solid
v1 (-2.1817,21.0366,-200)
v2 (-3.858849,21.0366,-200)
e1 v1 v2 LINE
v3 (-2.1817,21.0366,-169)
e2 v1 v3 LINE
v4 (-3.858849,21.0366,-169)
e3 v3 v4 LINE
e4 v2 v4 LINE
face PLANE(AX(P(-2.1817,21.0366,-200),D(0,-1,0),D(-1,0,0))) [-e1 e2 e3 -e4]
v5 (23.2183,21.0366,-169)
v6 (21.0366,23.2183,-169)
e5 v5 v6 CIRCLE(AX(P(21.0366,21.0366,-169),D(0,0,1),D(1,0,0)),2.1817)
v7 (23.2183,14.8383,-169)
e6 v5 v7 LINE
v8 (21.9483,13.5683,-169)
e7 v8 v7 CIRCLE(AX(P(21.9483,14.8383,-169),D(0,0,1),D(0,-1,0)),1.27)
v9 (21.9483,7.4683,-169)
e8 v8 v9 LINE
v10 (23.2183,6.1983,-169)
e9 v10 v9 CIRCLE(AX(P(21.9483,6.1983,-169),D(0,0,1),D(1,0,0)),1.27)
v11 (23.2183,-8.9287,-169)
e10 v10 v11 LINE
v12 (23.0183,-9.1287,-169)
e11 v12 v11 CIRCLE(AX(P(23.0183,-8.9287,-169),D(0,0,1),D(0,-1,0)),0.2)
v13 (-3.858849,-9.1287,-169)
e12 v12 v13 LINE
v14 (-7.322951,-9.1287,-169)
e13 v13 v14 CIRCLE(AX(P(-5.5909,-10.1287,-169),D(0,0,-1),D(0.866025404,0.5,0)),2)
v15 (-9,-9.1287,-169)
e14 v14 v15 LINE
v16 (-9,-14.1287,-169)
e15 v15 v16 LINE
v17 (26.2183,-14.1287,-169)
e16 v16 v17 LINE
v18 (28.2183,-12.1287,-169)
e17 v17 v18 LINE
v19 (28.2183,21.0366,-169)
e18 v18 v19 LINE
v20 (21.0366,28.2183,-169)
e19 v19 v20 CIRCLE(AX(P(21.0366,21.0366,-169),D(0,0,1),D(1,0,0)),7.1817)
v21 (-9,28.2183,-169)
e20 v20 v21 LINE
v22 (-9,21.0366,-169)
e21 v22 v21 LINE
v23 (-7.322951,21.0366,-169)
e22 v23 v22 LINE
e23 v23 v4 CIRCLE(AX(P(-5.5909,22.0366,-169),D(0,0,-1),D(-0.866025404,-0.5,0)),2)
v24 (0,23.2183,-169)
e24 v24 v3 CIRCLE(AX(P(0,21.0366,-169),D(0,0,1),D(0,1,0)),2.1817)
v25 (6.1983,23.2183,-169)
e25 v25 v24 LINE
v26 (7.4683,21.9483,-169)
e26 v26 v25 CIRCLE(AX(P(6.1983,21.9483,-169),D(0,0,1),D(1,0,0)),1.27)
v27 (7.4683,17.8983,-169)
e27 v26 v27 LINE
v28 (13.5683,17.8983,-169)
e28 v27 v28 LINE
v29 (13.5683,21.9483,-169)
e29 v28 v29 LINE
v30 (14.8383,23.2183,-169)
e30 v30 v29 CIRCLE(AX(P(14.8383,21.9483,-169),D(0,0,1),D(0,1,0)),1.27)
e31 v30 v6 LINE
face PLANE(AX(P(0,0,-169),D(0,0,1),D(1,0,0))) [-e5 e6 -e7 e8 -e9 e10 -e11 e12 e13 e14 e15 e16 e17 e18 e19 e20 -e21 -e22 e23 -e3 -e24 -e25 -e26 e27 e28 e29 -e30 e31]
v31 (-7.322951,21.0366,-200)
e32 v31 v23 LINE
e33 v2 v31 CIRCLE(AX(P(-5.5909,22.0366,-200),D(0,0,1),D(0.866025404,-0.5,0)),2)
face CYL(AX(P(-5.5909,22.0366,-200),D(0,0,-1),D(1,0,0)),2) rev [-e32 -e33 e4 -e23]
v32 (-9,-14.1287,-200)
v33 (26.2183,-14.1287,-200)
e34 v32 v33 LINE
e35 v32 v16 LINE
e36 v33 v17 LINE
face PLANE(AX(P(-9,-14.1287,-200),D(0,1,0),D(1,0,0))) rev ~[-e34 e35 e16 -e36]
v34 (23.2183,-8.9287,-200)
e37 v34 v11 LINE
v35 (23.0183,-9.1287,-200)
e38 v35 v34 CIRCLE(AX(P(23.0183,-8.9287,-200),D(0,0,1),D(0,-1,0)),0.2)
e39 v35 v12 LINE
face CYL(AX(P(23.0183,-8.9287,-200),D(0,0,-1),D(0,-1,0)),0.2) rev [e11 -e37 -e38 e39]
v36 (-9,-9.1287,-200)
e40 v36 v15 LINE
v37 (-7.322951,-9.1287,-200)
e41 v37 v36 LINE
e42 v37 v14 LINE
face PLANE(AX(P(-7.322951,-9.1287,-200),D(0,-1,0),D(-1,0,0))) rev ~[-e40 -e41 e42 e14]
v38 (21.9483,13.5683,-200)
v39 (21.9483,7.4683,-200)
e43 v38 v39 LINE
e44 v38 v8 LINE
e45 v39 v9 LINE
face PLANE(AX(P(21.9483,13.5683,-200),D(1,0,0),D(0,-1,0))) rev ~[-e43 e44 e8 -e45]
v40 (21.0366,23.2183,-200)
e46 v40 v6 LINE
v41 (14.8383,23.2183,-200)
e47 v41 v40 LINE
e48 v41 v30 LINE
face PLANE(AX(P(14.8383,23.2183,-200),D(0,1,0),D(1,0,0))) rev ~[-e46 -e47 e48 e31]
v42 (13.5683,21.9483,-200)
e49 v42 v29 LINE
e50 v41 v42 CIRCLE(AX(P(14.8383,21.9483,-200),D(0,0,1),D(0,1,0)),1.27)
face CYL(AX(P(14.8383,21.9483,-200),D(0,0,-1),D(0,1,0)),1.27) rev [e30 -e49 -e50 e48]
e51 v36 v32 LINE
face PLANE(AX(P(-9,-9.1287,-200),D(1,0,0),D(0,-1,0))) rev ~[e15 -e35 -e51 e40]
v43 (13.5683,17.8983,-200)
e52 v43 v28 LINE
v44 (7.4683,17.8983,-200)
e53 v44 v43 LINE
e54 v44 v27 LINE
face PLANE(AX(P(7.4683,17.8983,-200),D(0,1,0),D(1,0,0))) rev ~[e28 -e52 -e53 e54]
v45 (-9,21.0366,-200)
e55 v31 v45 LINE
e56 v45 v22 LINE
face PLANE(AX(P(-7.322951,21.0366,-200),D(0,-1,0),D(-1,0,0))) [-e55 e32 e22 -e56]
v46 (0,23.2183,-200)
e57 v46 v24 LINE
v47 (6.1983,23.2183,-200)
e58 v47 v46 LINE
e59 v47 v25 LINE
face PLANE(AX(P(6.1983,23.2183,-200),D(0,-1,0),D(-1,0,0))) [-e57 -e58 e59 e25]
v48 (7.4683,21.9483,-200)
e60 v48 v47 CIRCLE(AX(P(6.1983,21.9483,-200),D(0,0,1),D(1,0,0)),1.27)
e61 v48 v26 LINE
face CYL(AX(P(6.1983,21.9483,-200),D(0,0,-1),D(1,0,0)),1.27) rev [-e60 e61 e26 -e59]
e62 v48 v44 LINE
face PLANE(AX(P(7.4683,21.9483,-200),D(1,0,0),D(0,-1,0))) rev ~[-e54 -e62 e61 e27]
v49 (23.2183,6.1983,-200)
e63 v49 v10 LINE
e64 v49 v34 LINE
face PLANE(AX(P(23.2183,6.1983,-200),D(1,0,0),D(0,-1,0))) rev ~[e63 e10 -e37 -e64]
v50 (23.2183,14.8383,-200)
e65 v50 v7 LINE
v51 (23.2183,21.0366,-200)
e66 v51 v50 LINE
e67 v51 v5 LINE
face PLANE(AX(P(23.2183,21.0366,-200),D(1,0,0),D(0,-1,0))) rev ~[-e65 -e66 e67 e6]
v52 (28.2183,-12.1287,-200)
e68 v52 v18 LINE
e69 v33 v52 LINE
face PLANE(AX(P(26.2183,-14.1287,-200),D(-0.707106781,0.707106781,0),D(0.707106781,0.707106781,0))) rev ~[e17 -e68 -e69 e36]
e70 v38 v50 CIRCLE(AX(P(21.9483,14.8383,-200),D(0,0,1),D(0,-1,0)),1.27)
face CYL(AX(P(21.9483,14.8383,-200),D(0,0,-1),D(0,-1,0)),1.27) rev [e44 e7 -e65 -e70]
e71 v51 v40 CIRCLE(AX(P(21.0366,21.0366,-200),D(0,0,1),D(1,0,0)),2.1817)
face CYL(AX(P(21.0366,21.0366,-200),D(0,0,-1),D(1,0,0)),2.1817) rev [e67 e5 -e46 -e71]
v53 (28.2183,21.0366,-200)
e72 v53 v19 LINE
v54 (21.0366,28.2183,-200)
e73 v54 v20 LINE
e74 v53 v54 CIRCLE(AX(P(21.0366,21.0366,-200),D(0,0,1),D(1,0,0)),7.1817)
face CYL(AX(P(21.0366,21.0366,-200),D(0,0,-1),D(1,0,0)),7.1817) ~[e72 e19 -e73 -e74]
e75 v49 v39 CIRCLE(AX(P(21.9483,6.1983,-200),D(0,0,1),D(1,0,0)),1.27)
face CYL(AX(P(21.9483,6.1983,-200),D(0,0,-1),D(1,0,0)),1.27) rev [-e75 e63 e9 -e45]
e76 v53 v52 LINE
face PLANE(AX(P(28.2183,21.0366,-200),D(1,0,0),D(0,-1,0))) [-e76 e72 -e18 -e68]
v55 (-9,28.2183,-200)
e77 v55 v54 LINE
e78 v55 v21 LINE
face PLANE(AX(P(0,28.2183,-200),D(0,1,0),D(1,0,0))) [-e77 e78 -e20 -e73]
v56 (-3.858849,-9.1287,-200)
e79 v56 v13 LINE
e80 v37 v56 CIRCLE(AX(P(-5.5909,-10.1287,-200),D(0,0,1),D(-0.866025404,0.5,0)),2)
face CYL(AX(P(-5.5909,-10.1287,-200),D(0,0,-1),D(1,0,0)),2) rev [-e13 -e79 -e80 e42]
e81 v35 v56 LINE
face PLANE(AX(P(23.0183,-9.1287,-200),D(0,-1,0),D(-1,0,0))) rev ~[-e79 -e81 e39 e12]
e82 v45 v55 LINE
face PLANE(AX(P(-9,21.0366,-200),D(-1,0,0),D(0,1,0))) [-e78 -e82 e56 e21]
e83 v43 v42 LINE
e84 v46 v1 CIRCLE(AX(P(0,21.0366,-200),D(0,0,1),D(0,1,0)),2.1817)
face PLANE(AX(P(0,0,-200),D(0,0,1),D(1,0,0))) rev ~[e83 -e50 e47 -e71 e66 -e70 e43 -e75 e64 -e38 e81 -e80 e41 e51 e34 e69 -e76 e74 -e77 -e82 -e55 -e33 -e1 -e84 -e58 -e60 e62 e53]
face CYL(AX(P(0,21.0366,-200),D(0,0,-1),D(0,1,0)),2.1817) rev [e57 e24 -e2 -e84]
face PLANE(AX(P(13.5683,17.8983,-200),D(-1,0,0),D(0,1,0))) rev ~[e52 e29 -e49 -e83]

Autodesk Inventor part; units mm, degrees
ref_plane "YZ Plane" through (0, 0, 0) normal (1, 0, 0) x (0, 1, 0)
ref_plane "XZ Plane" through (0, 0, 0) normal (0, 1, 0) x (-1, 0, 0)
ref_plane "XY Plane" through (0, 0, 0) normal (0, 0, 1) x (1, 0, 0)
ref_plane "Work Plane2" through (0, 0, -200) normal (0, 0, 1) x (1, 0, 0)
ref_plane "Work Plane1" through (0, 0, 0) normal (0, 0, 1) x (1, 0, 0)
sketch "Sketch1" plane through (0, 0, -200) normal (0, 0, 1) x (1, 0, 0)
  arc A0 (6.1983, 20.8783) -> (6.1983, 23.0183) centre (6.1983, 21.9483) ccw construction
  line L0 (12.2867, 14.8983) -> (8.7499, 14.8983) construction
  arc A1 (14.8383, 23.0183) -> (14.8383, 20.8783) centre (14.8383, 21.9483) ccw construction
  arc A2 (23.0183, 21.0366) -> (21.0366, 23.0183) centre (21.0366, 21.0366) ccw construction
  line L1 (21.0366, 23.0183) -> (14.8383, 23.0183) construction
  arc A3 (20.8783, 14.8383) -> (23.0183, 14.8383) centre (21.9483, 14.8383) ccw construction
  line L2 (23.0183, 14.8383) -> (23.0183, 21.0366) construction
  line L3 (14.8983, 8.7499) -> (14.8983, 12.2867) construction
  line L4 (-1.9817, 21.0366) -> (-1.9817, 0) construction
  arc A4 (-1.9817, 0) -> (0, -1.9817) centre (0, 0) ccw construction
  line L5 (0, -1.9817) -> (6.1983, -1.9817) construction
  line L6 (14.8383, -1.9817) -> (21.0366, -1.9817) construction
  arc A5 (21.0366, -1.9817) -> (23.0183, 0) centre (21.0366, 0) ccw construction
  line L7 (23.0183, 0) -> (23.0183, 6.1983) construction
  arc A6 (23.0183, 6.1983) -> (20.8783, 6.1983) centre (21.9483, 6.1983) ccw construction
  line L8 (20.8783, 6.1983) -> (20.8783, 4.0901) construction
  arc A7 (19.1681, 3.3817) -> (20.8783, 4.0901) centre (19.8765, 4.0901) ccw construction
  line L9 (19.1681, 3.3817) -> (15.675, 6.8748) construction
  arc A8 (14.8983, 8.7499) -> (15.675, 6.8748) centre (17.55, 8.7499) ccw construction
  line L10 (15.675, 14.1617) -> (19.1681, 17.6549) construction
  arc A9 (15.675, 14.1617) -> (14.8983, 12.2867) centre (17.55, 12.2867) ccw construction
  line L11 (20.8783, 16.9465) -> (20.8783, 14.8383) construction
  arc A10 (20.8783, 16.9465) -> (19.1681, 17.6549) centre (19.8765, 16.9465) ccw construction
  line L12 (17.6549, 19.1681) -> (14.1617, 15.675) construction
  arc A11 (17.6549, 19.1681) -> (16.9465, 20.8783) centre (16.9465, 19.8765) ccw construction
  line L13 (14.8383, 20.8783) -> (16.9465, 20.8783) construction
  arc A12 (12.2867, 14.8983) -> (14.1617, 15.675) centre (12.2867, 17.55) ccw construction
  arc A13 (6.8748, 15.675) -> (8.7499, 14.8983) centre (8.7499, 17.55) ccw construction
  line L14 (6.8748, 15.675) -> (3.3817, 19.1681) construction
  arc A14 (4.0901, 20.8783) -> (3.3817, 19.1681) centre (4.0901, 19.8765) ccw construction
  line L15 (4.0901, 20.8783) -> (6.1983, 20.8783) construction
  line L16 (6.1983, 23.0183) -> (0, 23.0183) construction
  arc A15 (0, 23.0183) -> (-1.9817, 21.0366) centre (0, 21.0366) ccw construction
  line L17 (7.4683, 21.9483) -> (7.4683, 17.8983)
  line L18 (7.4683, 17.8983) -> (13.5683, 17.8983)
  line L19 (13.5683, 17.8983) -> (13.5683, 21.9483)
  arc A16 (7.4683, 21.9483) -> (6.1983, 23.2183) centre (6.1983, 21.9483) ccw
  arc A17 (14.8383, 23.2183) -> (13.5683, 21.9483) centre (14.8383, 21.9483) ccw
  line L20 (6.1983, 23.2183) -> (0, 23.2183)
  line L21 (0, 23.2183) -> (0, 28.2183)
  line L22 (0, 28.2183) -> (21.0366, 28.2183)
  arc A18 (23.2183, 21.0366) -> (21.0366, 23.2183) centre (21.0366, 21.0366) ccw
  line L23 (23.2183, 21.0366) -> (23.2183, 14.8383)
  arc A19 (21.9483, 13.5683) -> (23.2183, 14.8383) centre (21.9483, 14.8383) ccw
  arc A20 (28.2183, 21.0366) -> (21.0366, 28.2183) centre (21.0366, 21.0366) ccw
  line L24 (28.2183, 21.0366) -> (28.2183, 0)
  line L25 (21.9483, 13.5683) -> (21.9483, 7.4683)
  arc A21 (23.2183, 6.1983) -> (21.9483, 7.4683) centre (21.9483, 6.1983) ccw
  line L26 (23.2183, 6.1983) -> (23.2183, -8.9287)
  line L27 (23.0183, -9.1287) -> (-9, -9.1287)
  line L28 (-9, -9.1287) -> (-9, -14.1287)
  line L29 (-9, -14.1287) -> (26.2183, -14.1287)
  line L30 (28.2183, -12.1287) -> (28.2183, 0)
  arc A22 (23.0183, -9.1287) -> (23.2183, -8.9287) centre (23.0183, -8.9287) ccw
  line L31 (14.8383, 23.2183) -> (21.0366, 23.2183)
  line L32 (0, 28.2183) -> (-9, 28.2183)
  arc A23 (0, 23.2183) -> (-2.1817, 21.0366) centre (0, 21.0366) ccw
  line L33 (-2.1817, 21.0366) -> (-9, 21.0366)
  line L34 (-9, 21.0366) -> (-9, 28.2183)
  circle A24 centre (-5.5909, 22.0366) radius 2
  line L35 (-5.5909, 21.0366) -> (-5.5909, 28.2183) construction
  line L36 (-5.5909, 21.0366) -> (-5.5909, -14.1287) construction
  circle A25 centre (-5.5909, -10.1287) radius 2
  line L37 (26.2183, -14.1287) -> (28.2183, -12.1287)
  point P0 (0, 0)
  point P1 (7.2683, 21.9483)
  point P2 (10.5183, 14.8983)
  point P3 (10.5183, 17.8983)
  point P4 (13.7683, 21.9483)
  point P5 (23.0183, -8.9287)
  point P6 (-1.9817, -8.9287)
  point P7 (28.2183, -14.1287)
  point P8 (17.4722, 23.2183)
  point P9 (-9, 24.6274)
  point P10 (-3.8588, -9.1287)
  point P11 (-7.3229, -9.1287)
  point P12 (-7.3229, 21.0366)
  point P13 (-3.8588, 21.0366)
  dimension "d1" = 0.2
  dimension "d2" = 3
  dimension "d3" = 0.2
  dimension "d4" = 0.2
  dimension "d5" = 0.2
  dimension "d6" = 5
  dimension "d7" = 5
  dimension "d8" = 5
  dimension "d9" = 0.2
  dimension "d13" = 9
  dimension "d14" = 4
  dimension "d15" = 1
  dimension "d16" = 4
  dimension "d17" = 1
  dimension "d18" = 135
  dimension "d19" = 2
extrude "Extrusion1" add sketch "Sketch1" along normal blind 31 contours A16 L20 L21 L22 A20 L24 L30 L37 L29 L28 L27 A25 A22 L26 A21 L25 A19 L23 A18 L31 A17 L19 L18 L17 | A23 L33 A24 L34 L32 L21
properties part number "HangerNinety"
